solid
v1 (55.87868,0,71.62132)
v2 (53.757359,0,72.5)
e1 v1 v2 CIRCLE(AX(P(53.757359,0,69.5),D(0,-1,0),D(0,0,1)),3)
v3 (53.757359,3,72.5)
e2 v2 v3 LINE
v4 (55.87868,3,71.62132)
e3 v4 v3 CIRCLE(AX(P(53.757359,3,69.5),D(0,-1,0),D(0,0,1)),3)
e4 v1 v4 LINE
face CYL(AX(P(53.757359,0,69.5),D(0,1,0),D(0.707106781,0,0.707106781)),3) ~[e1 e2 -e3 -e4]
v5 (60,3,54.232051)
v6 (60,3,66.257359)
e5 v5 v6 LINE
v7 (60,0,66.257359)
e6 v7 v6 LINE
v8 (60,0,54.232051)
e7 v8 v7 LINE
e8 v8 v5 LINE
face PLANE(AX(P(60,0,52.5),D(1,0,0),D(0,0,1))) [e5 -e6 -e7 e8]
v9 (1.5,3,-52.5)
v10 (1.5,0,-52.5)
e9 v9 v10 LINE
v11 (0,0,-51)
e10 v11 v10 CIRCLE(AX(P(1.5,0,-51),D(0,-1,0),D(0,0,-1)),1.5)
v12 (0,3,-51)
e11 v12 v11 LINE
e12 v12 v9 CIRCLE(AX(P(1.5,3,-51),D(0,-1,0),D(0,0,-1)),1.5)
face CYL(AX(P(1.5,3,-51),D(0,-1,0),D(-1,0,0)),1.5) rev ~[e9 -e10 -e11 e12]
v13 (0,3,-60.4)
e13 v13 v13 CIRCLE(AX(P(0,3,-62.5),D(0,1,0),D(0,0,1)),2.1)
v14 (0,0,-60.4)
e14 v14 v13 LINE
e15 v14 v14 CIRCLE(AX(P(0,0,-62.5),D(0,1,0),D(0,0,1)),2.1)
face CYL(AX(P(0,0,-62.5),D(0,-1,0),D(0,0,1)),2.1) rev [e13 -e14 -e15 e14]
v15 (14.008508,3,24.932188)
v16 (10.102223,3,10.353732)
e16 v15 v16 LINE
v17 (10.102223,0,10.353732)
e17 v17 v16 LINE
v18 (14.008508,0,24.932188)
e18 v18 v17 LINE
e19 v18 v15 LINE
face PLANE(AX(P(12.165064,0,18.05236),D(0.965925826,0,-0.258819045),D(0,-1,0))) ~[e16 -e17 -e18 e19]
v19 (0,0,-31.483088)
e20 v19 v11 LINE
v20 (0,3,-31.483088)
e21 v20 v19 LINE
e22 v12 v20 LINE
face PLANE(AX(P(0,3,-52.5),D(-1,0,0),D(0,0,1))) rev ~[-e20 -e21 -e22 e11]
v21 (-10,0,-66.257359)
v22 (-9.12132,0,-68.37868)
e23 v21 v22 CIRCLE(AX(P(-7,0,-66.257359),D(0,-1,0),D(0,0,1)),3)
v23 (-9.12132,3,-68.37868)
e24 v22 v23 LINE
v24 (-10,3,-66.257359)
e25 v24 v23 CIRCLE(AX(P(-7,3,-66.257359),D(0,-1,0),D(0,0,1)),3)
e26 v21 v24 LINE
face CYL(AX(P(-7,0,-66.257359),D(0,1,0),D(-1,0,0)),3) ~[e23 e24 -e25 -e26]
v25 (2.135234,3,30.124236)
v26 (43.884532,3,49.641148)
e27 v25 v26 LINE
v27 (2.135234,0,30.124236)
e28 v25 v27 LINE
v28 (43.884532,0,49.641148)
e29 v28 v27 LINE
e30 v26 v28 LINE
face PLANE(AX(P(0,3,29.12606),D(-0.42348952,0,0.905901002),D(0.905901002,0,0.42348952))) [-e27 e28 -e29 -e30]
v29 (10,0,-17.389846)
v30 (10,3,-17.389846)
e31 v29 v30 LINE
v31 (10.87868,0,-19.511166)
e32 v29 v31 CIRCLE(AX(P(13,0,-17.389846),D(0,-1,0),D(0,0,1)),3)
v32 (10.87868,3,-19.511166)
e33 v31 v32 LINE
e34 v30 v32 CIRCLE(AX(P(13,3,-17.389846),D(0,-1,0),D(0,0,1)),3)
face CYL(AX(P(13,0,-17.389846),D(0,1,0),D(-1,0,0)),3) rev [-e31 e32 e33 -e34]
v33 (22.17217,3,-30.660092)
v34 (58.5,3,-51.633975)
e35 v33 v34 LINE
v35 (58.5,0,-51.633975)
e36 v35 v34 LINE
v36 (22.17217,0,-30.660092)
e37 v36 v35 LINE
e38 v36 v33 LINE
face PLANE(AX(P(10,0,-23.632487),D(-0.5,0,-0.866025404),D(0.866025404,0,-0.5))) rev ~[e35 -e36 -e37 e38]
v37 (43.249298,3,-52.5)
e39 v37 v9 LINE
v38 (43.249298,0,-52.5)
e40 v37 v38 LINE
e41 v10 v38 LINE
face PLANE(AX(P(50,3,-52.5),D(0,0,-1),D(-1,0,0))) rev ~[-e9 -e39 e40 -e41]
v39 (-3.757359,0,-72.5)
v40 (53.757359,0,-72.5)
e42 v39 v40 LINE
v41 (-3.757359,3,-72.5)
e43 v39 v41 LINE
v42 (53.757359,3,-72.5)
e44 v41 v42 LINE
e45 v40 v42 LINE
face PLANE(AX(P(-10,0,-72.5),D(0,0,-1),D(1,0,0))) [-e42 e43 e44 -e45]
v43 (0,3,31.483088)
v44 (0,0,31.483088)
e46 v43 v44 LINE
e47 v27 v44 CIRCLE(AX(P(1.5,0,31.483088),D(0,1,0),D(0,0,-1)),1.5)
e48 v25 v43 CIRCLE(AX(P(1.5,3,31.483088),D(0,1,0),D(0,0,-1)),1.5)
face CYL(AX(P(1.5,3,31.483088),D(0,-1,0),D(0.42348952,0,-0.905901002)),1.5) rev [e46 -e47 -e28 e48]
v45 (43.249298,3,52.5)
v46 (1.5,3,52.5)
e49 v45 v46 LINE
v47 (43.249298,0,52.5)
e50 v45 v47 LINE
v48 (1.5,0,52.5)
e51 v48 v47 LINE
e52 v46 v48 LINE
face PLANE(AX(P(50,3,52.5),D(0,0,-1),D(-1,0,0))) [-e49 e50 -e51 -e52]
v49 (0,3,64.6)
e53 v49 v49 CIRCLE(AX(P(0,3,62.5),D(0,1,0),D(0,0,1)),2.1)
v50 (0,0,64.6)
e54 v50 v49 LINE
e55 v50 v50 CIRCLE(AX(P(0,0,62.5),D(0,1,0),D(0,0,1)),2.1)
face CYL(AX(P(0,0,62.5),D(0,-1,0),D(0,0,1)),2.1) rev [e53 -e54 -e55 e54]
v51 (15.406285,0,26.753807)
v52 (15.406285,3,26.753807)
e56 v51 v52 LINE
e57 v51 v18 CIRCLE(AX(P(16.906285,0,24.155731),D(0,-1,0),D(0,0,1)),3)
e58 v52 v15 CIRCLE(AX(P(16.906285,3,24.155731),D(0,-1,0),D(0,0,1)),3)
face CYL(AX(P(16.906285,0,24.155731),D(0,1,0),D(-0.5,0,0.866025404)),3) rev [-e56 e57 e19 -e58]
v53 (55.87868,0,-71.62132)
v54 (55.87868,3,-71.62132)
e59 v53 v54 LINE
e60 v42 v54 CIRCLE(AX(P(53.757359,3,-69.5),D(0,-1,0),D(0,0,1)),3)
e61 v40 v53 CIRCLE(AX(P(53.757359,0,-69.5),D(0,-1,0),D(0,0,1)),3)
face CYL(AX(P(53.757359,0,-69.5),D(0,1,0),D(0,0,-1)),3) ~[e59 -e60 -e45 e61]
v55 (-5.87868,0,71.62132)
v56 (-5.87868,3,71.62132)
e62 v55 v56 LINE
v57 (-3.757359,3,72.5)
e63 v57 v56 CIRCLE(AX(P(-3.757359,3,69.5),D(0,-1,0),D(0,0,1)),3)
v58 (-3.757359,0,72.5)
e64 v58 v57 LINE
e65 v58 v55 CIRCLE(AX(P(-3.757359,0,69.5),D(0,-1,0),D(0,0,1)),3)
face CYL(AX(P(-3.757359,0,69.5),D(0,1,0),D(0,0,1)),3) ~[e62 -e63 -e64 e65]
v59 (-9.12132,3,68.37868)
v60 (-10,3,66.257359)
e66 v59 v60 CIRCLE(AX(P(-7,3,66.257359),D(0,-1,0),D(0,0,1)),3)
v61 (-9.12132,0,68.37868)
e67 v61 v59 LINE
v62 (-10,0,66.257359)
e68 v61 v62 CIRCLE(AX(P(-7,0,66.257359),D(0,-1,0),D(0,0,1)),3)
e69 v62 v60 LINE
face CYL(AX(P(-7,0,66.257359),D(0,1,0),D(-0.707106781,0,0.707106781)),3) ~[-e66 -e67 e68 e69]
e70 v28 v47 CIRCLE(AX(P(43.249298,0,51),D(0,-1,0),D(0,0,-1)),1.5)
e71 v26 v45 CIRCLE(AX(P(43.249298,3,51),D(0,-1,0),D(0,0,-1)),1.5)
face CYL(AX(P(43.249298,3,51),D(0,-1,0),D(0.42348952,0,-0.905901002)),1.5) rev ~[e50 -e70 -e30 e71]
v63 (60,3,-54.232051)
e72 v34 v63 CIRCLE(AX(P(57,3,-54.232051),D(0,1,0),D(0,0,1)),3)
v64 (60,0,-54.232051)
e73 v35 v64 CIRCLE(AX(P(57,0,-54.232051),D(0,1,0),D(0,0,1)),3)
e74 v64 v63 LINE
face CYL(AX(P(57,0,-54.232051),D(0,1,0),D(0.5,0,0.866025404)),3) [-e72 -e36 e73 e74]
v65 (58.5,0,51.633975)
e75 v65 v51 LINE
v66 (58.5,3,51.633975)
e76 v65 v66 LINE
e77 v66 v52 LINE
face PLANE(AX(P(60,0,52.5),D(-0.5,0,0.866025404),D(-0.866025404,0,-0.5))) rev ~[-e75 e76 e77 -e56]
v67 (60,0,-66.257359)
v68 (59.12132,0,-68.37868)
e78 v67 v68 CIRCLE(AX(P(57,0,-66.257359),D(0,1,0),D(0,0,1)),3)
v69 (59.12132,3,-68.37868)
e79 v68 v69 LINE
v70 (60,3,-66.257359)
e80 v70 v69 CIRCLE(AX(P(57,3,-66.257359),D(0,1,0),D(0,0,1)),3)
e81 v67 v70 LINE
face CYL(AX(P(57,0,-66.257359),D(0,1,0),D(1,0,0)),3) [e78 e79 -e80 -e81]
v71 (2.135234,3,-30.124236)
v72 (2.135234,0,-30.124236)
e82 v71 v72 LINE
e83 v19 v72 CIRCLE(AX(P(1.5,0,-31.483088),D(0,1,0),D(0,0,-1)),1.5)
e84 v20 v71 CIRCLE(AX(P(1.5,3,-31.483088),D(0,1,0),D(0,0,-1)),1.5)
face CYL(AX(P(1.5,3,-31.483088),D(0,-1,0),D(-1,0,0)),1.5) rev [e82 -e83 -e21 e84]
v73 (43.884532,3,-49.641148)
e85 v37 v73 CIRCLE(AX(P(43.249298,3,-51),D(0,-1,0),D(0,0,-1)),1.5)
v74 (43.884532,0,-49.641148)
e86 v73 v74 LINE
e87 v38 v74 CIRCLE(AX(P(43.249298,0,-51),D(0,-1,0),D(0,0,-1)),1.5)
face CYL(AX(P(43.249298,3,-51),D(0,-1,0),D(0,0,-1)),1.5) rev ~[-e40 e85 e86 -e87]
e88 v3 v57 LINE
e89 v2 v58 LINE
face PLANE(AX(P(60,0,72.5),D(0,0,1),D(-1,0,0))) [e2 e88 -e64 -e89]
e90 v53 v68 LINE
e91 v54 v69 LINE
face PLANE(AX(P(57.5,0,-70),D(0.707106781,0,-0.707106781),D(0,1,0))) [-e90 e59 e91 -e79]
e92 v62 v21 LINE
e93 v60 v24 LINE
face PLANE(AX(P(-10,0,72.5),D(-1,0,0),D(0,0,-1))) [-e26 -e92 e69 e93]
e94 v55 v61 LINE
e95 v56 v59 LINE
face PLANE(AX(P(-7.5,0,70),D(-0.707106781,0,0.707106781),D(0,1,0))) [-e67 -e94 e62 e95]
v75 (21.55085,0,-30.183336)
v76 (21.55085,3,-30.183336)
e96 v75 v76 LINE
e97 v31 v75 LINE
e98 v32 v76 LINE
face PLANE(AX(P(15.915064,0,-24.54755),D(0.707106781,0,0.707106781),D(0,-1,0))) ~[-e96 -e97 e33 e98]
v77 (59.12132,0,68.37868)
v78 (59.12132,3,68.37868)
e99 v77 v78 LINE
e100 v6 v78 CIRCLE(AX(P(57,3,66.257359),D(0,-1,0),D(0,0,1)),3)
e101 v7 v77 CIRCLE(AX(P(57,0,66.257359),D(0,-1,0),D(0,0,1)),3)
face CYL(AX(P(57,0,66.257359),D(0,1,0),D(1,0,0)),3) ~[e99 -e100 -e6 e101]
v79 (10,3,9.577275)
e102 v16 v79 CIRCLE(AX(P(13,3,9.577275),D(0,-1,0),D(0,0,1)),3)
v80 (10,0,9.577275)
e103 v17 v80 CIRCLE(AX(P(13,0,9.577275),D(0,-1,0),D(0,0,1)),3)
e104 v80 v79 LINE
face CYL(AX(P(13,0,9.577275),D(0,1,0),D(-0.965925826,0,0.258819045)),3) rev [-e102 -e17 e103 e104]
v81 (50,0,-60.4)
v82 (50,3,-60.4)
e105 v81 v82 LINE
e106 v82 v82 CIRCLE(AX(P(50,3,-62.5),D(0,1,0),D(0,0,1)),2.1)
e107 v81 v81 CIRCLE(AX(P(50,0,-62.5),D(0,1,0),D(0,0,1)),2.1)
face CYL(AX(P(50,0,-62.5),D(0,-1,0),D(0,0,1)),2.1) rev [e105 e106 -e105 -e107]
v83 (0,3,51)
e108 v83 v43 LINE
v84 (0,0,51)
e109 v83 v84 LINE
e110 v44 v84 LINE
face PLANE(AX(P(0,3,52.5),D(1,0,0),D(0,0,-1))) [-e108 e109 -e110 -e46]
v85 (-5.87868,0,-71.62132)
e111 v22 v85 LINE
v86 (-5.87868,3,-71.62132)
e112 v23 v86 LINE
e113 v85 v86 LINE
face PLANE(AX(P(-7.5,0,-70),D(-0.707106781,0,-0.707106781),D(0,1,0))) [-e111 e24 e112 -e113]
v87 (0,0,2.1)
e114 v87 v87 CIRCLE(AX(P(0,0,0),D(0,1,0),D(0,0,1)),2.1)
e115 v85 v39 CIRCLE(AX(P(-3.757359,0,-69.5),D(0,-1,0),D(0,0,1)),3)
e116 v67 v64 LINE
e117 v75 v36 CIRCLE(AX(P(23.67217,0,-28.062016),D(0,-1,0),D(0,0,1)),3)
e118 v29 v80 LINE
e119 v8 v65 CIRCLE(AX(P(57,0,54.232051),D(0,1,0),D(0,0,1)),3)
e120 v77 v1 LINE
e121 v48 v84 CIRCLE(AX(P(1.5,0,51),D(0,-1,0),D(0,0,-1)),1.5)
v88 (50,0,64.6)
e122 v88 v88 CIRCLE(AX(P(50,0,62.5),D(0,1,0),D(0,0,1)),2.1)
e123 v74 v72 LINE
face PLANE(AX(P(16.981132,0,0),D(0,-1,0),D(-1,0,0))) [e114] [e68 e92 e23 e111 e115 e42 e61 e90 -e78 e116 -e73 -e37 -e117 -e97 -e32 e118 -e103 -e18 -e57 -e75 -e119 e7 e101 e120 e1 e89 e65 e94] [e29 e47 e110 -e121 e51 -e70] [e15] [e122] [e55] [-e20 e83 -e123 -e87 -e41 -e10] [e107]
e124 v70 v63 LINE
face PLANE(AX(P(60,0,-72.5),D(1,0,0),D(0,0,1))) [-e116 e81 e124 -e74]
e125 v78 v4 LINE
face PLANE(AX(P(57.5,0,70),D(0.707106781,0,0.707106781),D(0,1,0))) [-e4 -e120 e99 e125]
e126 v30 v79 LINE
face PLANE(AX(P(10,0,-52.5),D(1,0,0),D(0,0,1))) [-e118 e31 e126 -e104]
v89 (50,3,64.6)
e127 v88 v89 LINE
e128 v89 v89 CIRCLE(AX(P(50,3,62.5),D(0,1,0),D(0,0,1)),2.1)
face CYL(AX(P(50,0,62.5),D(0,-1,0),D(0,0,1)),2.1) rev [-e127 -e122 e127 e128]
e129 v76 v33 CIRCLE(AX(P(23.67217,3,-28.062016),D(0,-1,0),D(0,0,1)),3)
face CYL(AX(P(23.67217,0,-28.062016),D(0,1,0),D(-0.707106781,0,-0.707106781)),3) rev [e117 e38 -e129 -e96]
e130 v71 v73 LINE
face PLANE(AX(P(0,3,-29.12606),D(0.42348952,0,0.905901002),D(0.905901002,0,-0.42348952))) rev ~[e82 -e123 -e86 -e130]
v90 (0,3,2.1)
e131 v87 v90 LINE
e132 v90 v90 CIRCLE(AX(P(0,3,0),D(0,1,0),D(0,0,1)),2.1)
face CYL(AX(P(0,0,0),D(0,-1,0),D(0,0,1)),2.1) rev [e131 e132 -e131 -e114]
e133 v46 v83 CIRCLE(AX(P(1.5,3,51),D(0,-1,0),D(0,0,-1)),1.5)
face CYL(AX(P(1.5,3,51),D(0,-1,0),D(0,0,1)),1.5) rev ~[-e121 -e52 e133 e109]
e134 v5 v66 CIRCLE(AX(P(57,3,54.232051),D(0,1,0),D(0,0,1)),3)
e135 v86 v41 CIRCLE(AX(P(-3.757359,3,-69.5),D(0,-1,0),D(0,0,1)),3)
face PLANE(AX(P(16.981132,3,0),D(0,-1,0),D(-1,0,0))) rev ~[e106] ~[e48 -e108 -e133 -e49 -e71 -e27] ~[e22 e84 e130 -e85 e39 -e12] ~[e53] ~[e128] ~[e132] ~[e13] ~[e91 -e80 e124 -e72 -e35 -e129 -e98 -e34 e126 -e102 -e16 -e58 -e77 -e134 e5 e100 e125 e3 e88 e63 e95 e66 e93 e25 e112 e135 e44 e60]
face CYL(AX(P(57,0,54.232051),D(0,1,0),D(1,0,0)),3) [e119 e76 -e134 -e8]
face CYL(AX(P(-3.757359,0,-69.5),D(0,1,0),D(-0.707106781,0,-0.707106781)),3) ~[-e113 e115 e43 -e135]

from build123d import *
from OCP.BRepFilletAPI import BRepFilletAPI_MakeChamfer

# Parameters (mm, degrees)
SKETCH_1_R          = 2.1
EXTRUDE_1_DEPTH     = 3
CHAMFER_1_SIZE      = 5
CHAMFER_1_SIZE2     = 13.660254038
FILLET_1_R          = 3
CUT_EXTRUDE_1_DEPTH = 10
FILLET_2_R          = 1.5


with BuildPart() as part:
    # 草图1 → 凸台-拉伸1 (new body)
    # profile 1 of 3: a face of its own
    with BuildSketch(Plane(origin=(0, 0, 0), x_dir=(1, 0, 0), z_dir=(0, 1, 0))):
        Polygon((10, 52.5), (10, 23.632486541), (60, 52.5), align=None)
    # profile 2 of 3: a face of its own
    with BuildSketch(Plane(origin=(0, 0, 0), x_dir=(1, 0, 0), z_dir=(0, 1, 0))):
        Polygon((10, -23.632486541), (10, -52.5), (60, -52.5), align=None)
    # profile 3 of 3: a face of its own
    with BuildSketch(Plane(origin=(0, 0, 0), x_dir=(1, 0, 0), z_dir=(0, 1, 0))):
        Polygon((60, -52.5), (60, -72.5), (-10, -72.5), (-10, 72.5), (60, 72.5), (60, 52.5), (10, 52.5), (10, -52.5), align=None)
        with Locations(Location((50, -62.5, 0), (0, 0, 270))):
            Circle(SKETCH_1_R, mode=Mode.SUBTRACT)
        with Locations(Location((0, 0, 0), (0, 0, 270))):
            Circle(SKETCH_1_R, mode=Mode.SUBTRACT)
        with Locations(Location((50, 62.5, 0), (0, 0, 270))):
            Circle(SKETCH_1_R, mode=Mode.SUBTRACT)
        with Locations(Location((0, 62.5, 0), (0, 0, 270))):
            Circle(SKETCH_1_R, mode=Mode.SUBTRACT)
        with Locations(Location((0, -62.5, 0), (0, 0, 270))):
            Circle(SKETCH_1_R, mode=Mode.SUBTRACT)
    extrude(amount=EXTRUDE_1_DEPTH)

    # 倒角1: one chamfer whose edges measure the first distance from different faces: ONE call of the kernel's chamfer builder (chamfer() names one face for all edges)
    chamfer_1_edges_1 = [part.edges().sort_by_distance(p)[0] for p in [
        (60, 1.5, 72.5),
        (-10, 1.5, 72.5),
        (-10, 1.5, -72.5),
        (60, 1.5, -72.5),
    ]]
    chamfer_1_edges_2 = [part.edges().sort_by_distance(p)[0] for p in [
        (10, 1.5, -23.632486541),
    ]]
    chamfer_1_side_2 = [part.faces().sort_by_distance(p)[0] for p in [
        (10, 1.5, 0),
    ]]
    chamfer_1_edges_3 = [part.edges().sort_by_distance(p)[0] for p in [
        (10, 1.5, 23.632486541),
    ]]
    chamfer_1_side_3 = [part.faces().sort_by_distance(p)[0] for p in [
        (35, 1.5, 38.06624327),
    ]]
    chamfer_1 = BRepFilletAPI_MakeChamfer(part.part.solid().wrapped)
    for e in chamfer_1_edges_1:
        chamfer_1.Add(CHAMFER_1_SIZE, e.wrapped)
    for e in chamfer_1_edges_2:
        chamfer_1.Add(CHAMFER_1_SIZE, CHAMFER_1_SIZE2, e.wrapped, chamfer_1_side_2[0].wrapped)  # the first distance lies on this face
    for e in chamfer_1_edges_3:
        chamfer_1.Add(CHAMFER_1_SIZE, CHAMFER_1_SIZE2, e.wrapped, chamfer_1_side_3[0].wrapped)  # the first distance lies on this face
    add(Compound.cast(chamfer_1.Shape()), mode=Mode.REPLACE)

    # 圆角1
    fillet_1_edges = [part.edges().sort_by_distance(p)[0] for p in [
        (60, 1.5, -52.5),
        (60, 1.5, 52.5),
        (60, 1.5, 67.5),
        (-5, 1.5, 72.5),
        (55, 1.5, 72.5),
        (-10, 1.5, -67.5),
        (-10, 1.5, 67.5),
        (10, 1.5, -18.632486541),
        (10, 1.5, 9.972232503),
        (14.330127019, 1.5, 26.132486541),
        (21.830127019, 1.5, -30.462613559),
        (-5, 1.5, -72.5),
        (55, 1.5, -72.5),
        (60, 1.5, -67.5),
    ]]
    fillet(fillet_1_edges, radius=FILLET_1_R)

    # 草图3 → 切除-拉伸1 (cut)
    with BuildSketch(Plane(origin=(0, 3, 0), x_dir=(1, 0, 0), z_dir=(0, 1, 0))):
        Polygon((0, -52.5), (0, -29.126059631), (50, -52.5), align=None)
        Polygon((0, 52.5), (0, 29.126059631), (50, 52.5), align=None)
    extrude(amount=-CUT_EXTRUDE_1_DEPTH, mode=Mode.SUBTRACT)

    # 圆角2
    fillet_2_edges = [part.edges().sort_by_distance(p)[0] for p in [
        (0, 1.5, 52.5),
        (0, 1.5, 29.126059631),
        (50, 1.5, 52.5),
        (0, 1.5, -52.5),
        (50, 1.5, -52.5),
        (0, 1.5, -29.126059631),
    ]]
    fillet(fillet_2_edges, radius=FILLET_2_R)


solid = part.part
